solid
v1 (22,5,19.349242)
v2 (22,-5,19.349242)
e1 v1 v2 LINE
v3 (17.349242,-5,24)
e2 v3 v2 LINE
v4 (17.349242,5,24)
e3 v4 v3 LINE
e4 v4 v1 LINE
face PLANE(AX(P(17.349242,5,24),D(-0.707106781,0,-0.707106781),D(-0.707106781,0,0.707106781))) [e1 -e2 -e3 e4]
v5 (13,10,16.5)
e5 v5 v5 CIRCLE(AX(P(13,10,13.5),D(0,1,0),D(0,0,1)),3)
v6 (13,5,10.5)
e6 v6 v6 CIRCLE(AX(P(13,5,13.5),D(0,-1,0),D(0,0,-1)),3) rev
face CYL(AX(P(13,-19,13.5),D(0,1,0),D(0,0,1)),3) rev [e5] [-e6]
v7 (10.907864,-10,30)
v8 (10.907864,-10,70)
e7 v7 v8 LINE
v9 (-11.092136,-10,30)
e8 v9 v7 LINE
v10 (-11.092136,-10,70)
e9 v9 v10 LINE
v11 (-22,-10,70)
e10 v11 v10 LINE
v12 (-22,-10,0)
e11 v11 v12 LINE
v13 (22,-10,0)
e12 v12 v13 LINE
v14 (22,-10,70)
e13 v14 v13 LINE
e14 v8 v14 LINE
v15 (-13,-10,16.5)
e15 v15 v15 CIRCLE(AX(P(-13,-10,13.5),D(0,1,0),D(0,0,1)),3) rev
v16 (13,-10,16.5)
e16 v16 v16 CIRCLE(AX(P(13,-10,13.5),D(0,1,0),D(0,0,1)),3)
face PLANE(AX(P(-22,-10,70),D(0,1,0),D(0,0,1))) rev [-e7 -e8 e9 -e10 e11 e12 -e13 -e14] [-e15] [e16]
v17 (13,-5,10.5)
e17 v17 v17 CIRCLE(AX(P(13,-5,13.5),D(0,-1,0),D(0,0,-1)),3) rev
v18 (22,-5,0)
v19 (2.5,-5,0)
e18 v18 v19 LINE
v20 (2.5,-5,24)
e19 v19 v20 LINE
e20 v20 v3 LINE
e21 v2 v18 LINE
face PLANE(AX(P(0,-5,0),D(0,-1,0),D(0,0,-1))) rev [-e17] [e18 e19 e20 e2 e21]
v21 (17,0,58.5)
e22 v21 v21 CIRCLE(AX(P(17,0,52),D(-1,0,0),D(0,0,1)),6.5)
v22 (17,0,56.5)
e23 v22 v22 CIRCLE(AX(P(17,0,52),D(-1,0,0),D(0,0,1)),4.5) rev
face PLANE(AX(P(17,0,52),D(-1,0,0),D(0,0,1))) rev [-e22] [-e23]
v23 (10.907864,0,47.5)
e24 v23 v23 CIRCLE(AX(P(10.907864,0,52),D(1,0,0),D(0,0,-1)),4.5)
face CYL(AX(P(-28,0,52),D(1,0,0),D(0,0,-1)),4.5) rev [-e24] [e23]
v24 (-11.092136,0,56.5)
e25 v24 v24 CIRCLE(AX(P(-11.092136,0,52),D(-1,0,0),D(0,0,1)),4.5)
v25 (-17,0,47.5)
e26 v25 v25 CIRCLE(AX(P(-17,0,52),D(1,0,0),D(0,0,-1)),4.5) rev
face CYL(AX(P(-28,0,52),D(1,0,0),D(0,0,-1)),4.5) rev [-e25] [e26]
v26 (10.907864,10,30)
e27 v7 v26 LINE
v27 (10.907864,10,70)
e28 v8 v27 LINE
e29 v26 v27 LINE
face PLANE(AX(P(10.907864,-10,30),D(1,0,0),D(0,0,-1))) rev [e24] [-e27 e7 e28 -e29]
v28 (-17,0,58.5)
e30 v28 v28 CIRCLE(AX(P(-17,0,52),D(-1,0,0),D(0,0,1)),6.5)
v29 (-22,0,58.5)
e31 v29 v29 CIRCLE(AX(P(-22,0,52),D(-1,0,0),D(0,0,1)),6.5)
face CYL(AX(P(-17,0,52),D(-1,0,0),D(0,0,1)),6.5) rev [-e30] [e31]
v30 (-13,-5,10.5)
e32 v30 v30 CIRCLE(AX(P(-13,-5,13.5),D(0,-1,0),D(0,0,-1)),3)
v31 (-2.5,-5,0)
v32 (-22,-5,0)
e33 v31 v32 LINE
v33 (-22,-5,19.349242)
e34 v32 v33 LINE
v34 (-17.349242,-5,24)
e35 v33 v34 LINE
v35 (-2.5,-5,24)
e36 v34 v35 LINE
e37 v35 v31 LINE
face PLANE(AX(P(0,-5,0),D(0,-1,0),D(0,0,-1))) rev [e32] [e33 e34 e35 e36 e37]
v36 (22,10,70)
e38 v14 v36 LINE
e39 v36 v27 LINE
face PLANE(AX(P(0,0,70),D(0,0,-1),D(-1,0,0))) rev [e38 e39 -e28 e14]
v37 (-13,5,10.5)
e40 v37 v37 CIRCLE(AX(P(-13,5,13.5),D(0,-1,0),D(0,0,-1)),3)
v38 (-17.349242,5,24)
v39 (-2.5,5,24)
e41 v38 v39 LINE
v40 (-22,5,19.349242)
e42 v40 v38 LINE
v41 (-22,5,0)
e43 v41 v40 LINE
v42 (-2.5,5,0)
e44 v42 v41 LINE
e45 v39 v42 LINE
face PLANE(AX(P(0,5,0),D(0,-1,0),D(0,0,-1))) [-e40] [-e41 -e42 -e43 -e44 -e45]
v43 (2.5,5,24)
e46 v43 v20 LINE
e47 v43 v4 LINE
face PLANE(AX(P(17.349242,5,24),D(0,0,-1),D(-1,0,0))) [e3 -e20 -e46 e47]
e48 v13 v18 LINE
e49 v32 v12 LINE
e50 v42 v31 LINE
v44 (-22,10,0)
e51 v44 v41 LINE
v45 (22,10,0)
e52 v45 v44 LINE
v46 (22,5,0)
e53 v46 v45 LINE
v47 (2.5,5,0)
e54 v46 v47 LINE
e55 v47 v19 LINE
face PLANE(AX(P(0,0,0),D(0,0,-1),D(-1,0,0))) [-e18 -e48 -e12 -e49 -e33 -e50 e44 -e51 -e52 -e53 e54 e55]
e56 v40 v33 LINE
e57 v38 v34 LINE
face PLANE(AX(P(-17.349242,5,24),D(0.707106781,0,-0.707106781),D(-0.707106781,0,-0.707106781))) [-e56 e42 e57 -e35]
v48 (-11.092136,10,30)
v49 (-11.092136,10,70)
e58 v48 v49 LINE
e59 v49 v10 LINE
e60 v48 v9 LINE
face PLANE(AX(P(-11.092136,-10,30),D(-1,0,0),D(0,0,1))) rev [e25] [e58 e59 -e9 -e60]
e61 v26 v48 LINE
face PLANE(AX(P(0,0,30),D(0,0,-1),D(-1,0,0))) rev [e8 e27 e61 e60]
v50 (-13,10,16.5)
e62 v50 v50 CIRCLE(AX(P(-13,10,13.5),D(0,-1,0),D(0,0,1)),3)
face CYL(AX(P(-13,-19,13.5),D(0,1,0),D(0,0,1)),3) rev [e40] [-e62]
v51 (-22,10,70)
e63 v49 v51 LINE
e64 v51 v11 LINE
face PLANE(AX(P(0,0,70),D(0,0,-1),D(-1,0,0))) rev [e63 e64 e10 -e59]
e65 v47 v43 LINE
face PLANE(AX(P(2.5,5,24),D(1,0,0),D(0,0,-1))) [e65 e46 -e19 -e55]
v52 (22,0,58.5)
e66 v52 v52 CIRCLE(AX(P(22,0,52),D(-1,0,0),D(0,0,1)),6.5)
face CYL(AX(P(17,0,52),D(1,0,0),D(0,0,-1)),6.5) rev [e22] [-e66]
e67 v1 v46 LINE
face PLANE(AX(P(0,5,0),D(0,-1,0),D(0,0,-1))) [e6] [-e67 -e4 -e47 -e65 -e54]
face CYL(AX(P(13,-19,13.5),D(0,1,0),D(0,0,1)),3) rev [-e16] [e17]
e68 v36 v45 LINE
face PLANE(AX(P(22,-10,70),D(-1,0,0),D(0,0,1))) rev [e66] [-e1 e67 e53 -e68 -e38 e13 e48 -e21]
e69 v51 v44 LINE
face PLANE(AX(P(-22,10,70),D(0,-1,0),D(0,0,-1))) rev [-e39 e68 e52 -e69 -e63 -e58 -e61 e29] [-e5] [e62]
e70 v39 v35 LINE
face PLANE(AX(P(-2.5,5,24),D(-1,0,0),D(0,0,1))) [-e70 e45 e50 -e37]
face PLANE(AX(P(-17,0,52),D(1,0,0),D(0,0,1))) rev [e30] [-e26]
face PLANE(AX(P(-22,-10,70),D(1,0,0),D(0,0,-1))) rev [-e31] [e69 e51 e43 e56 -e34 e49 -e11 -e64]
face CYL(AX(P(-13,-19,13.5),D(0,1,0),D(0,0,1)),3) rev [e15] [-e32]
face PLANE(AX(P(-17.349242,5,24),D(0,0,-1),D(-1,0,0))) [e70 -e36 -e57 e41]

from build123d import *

# Parameters (mm, degrees)
SKETCH_1_W               = 44
SKETCH_1_H               = 20
EXTRUDE_1_DEPTH          = 70
SKETCH_2_W               = 22
SKETCH_2_H               = 20
CUT_EXTRUDE_1_DEPTH      = 40
SKETCH_3_R               = 4.5
CUT_EXTRUDE_2_DEPTH      = 50
SKETCH_4_R               = 6.5
CUT_EXTRUDE_4_DEPTH      = 5
SKETCH_5_R               = 3
CUT_EXTRUDE_5_DEPTH      = 29
CUT_EXTRUDE_6_DEPTH      = 5
CUT_EXTRUDE_6_DEPTH_BACK = 5


with BuildPart() as part:
    # 스케치1 → 보스-돌출1 (new body)
    with BuildSketch(Plane.XY):
        Rectangle(SKETCH_1_W, SKETCH_1_H)
    extrude(amount=EXTRUDE_1_DEPTH)

    # 스케치2 → 컷-돌출1 (cut)
    with BuildSketch(Plane.XY.offset(70)):
        with Locations((-0.092136373, 0)):
            Rectangle(SKETCH_2_W, SKETCH_2_H)
    extrude(amount=-CUT_EXTRUDE_1_DEPTH, mode=Mode.SUBTRACT)

    # 스케치3 → 컷-돌출2 (cut)
    with BuildSketch(Plane(origin=(22, 0, 0), x_dir=(0, 0, -1), z_dir=(1, 0, 0))):
        with Locations((-52, 0)):
            Circle(SKETCH_3_R)
    extrude(amount=-CUT_EXTRUDE_2_DEPTH, mode=Mode.SUBTRACT)

    # 스케치4 → 컷-돌출4 (cut)
    with BuildSketch(Plane.ZY.offset(-22)):
        with Locations((52, 0)):
            Circle(SKETCH_4_R)
    cut_extrude_4 = extrude(amount=CUT_EXTRUDE_4_DEPTH, mode=Mode.SUBTRACT)

    # 스케치5 → 컷-돌출5 (cut)
    with BuildSketch(Plane(origin=(0, 10, 0), x_dir=(1, 0, 0), z_dir=(0, 1, 0))):
        with Locations((13, -13.5)):
            Circle(SKETCH_5_R)
    cut_extrude_5 = extrude(amount=-CUT_EXTRUDE_5_DEPTH, mode=Mode.SUBTRACT)

    # 대칭 복사2: 컷-돌출4, 컷-돌출5 across plane
    add(cut_extrude_4.mirror(Plane(origin=(0, 0, 0), x_dir=(0, 0, 1), z_dir=(1, 0, 0))), mode=Mode.SUBTRACT)
    add(cut_extrude_5.mirror(Plane(origin=(0, 0, 0), x_dir=(0, 0, 1), z_dir=(1, 0, 0))), mode=Mode.SUBTRACT)

    # 스케치6 → 컷-돌출6 (cut, two sides: drawn at the far end of the back side and taken through both)
    with BuildSketch(Plane(origin=(0, 0, 0), x_dir=(1, 0, 0), z_dir=(0, 1, 0)).offset(-CUT_EXTRUDE_6_DEPTH_BACK)):
        Polygon((2.5, -24), (2.5, 0), (22, 0), (22, -19.349242405), (17.349242405, -24), align=None)
        Polygon((-22, -19.349242405), (-22, 0), (-2.5, 0), (-2.5, -24), (-17.349242405, -24), align=None)
    extrude(amount=CUT_EXTRUDE_6_DEPTH + CUT_EXTRUDE_6_DEPTH_BACK, mode=Mode.SUBTRACT)


solid = part.part
